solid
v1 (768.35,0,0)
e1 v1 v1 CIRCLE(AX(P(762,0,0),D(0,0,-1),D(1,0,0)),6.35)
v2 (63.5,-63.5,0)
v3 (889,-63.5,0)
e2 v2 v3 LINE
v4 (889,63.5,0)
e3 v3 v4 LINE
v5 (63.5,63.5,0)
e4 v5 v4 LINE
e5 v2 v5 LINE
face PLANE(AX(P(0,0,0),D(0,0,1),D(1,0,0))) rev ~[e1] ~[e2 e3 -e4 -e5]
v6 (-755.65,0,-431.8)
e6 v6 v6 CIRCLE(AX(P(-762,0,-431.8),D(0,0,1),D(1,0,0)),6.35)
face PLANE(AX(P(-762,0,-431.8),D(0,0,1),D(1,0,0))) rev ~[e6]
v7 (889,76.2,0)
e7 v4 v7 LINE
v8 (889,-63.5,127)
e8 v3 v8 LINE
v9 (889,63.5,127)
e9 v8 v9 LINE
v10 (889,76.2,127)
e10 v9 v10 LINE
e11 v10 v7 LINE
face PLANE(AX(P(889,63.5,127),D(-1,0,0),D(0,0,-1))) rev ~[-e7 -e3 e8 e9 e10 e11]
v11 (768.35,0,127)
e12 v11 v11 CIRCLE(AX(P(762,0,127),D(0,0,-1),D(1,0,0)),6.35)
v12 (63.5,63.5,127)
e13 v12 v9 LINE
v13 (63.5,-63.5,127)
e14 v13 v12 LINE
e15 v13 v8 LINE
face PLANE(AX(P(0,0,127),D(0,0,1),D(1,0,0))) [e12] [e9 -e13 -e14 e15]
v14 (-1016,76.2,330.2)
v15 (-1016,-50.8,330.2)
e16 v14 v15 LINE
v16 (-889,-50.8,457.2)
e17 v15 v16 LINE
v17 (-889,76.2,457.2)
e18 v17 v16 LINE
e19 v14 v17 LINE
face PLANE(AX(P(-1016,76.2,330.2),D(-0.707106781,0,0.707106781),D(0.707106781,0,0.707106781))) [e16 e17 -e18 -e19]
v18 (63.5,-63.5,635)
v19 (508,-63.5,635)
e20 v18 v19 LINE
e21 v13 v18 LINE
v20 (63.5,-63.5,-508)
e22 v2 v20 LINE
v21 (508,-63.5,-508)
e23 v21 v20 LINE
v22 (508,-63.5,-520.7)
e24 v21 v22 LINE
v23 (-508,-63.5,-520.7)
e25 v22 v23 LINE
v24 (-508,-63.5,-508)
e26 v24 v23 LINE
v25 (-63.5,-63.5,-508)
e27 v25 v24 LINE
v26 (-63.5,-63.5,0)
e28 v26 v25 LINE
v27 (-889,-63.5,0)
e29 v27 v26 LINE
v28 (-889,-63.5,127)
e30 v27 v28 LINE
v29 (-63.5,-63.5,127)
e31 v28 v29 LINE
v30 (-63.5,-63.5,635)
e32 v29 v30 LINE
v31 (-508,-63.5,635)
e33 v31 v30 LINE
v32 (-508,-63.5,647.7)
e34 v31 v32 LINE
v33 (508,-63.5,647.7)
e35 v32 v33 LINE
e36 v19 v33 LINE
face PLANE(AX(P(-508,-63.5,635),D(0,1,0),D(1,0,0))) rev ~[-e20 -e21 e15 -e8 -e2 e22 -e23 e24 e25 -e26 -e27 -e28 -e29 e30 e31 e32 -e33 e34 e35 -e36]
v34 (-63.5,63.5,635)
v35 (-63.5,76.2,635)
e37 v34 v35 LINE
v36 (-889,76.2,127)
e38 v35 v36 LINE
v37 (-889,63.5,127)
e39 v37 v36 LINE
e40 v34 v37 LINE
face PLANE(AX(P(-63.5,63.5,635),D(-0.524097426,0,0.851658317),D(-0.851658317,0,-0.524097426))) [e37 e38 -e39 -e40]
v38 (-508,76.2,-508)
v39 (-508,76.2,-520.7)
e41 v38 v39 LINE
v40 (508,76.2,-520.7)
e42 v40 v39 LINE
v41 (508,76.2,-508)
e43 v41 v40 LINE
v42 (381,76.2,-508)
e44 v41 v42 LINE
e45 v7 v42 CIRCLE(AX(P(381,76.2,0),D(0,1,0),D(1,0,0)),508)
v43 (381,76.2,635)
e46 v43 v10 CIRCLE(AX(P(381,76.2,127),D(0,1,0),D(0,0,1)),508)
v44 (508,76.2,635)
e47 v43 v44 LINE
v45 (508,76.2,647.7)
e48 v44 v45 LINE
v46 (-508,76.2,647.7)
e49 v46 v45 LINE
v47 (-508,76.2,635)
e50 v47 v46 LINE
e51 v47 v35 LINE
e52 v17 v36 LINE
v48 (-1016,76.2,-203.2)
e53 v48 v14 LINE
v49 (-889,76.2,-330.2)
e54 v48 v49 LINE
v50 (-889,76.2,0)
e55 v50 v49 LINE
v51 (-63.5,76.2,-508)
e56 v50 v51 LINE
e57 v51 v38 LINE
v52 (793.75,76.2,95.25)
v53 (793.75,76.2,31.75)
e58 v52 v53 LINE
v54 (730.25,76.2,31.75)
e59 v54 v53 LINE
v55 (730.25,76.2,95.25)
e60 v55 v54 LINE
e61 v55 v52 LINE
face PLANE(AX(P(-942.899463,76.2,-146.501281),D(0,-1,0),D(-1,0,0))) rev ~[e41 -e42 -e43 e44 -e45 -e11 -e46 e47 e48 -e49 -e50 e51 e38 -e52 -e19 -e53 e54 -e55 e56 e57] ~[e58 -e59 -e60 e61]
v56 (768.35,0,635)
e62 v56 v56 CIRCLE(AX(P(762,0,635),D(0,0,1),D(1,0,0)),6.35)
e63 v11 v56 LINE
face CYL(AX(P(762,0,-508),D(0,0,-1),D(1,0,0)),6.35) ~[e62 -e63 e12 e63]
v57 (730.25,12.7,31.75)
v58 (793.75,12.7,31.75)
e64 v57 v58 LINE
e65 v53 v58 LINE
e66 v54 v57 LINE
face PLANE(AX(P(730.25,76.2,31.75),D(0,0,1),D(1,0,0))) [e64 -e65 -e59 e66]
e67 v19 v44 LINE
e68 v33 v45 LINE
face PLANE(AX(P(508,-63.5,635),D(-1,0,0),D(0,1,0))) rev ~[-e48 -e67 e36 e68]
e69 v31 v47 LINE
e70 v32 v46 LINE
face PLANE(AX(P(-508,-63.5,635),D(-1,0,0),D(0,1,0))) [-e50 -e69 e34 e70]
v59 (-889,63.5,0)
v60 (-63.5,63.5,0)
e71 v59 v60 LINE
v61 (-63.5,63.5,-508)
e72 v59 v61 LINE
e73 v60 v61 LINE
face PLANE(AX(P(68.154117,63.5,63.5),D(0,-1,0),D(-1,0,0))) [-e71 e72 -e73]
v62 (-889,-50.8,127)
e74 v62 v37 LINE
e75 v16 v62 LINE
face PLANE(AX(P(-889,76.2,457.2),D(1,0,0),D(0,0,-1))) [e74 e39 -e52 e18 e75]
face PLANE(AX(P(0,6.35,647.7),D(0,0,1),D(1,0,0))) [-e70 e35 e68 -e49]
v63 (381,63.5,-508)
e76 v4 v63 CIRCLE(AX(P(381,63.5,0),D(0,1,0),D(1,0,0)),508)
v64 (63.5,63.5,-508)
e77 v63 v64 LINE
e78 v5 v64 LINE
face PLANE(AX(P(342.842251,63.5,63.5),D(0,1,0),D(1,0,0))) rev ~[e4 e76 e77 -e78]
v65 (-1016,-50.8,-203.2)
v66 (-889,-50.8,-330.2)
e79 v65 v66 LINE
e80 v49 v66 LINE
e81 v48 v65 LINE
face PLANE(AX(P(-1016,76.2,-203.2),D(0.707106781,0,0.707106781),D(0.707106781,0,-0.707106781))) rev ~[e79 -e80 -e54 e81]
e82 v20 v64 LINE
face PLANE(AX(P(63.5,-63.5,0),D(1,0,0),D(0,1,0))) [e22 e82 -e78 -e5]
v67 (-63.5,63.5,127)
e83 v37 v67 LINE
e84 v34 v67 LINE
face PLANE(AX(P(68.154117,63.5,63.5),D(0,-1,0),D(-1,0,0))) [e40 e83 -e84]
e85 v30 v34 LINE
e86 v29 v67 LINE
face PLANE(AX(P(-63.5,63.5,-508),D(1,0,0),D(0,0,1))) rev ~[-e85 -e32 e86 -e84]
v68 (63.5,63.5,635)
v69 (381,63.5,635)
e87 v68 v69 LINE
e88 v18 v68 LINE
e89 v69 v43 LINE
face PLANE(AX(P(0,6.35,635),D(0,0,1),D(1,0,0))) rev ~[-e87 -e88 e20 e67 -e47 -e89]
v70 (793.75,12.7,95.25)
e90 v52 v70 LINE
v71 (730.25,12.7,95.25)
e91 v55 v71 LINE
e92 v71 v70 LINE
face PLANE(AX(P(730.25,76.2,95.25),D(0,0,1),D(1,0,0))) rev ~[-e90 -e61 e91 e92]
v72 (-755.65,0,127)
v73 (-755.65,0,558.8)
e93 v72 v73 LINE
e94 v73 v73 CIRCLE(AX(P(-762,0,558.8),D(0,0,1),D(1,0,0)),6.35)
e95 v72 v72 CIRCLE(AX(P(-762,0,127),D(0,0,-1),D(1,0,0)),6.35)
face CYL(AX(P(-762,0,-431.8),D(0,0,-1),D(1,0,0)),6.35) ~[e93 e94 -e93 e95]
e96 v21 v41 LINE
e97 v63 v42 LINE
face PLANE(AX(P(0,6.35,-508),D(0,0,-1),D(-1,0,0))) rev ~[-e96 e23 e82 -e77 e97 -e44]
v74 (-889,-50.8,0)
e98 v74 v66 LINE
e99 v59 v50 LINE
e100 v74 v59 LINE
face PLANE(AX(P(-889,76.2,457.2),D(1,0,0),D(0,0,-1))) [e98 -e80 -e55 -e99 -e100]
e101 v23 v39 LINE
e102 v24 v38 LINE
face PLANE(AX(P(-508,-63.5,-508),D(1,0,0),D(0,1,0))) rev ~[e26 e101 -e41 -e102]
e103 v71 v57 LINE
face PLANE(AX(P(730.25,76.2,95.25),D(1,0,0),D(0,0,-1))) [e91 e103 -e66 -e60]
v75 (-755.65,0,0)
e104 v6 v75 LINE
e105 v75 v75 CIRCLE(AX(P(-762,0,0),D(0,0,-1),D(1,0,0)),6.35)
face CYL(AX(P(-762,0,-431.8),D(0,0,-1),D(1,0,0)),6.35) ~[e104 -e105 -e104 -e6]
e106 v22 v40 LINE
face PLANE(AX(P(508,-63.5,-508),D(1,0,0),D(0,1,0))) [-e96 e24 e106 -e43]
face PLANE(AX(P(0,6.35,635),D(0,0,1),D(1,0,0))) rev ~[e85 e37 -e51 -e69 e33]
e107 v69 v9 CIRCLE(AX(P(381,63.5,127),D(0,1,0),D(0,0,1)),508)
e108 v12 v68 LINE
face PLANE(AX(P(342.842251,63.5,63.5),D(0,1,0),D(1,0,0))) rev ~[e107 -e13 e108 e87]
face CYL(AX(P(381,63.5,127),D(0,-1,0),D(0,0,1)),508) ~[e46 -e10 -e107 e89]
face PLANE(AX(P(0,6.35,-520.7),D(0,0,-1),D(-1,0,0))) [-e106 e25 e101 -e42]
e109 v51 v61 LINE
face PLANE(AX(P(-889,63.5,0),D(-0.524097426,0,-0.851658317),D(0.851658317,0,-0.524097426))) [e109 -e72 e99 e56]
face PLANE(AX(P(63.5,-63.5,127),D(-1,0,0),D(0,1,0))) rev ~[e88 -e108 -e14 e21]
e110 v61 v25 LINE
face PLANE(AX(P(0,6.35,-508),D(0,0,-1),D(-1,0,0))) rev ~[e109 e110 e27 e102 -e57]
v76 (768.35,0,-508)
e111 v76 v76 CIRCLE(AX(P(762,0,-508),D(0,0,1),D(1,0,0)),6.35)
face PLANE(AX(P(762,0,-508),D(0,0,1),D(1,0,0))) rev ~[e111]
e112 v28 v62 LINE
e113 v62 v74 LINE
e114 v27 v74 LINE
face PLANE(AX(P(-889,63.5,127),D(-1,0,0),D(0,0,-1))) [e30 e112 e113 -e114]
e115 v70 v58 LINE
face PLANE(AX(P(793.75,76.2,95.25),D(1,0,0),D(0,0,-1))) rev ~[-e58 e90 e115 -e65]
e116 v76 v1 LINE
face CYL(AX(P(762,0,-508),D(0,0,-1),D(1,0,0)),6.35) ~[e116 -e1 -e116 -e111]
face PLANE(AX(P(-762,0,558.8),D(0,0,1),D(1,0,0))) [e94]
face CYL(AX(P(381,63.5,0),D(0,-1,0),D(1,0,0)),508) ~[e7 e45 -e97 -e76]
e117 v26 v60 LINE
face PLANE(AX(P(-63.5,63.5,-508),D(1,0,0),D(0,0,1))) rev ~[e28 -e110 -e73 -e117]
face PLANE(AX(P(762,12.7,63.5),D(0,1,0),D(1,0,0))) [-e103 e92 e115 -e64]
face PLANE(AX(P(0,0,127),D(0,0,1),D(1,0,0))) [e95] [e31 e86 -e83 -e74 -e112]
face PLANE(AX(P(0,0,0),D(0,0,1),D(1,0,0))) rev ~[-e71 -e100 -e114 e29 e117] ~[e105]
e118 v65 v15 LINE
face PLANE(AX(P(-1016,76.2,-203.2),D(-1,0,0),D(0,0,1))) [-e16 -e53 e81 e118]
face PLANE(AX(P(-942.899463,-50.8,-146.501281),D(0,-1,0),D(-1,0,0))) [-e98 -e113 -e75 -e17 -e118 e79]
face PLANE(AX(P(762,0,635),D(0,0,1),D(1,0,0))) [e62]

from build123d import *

# Parameters (mm, degrees)
SKETCH1_W                = 1778
SKETCH1_H                = 127
BOSS_EXTRUDE1_DEPTH      = 127
SKETCH2_W                = 127
SKETCH2_H                = 127
BOSS_EXTRUDE2_DEPTH      = 508
SKETCH3_W                = 127
SKETCH3_H                = 127
BOSS_EXTRUDE3_DEPTH      = 508
BOSS_EXTRUDE4_DEPTH      = 431.8
BOSS_EXTRUDE4_DEPTH_BACK = 558.8
SKETCH4_R                = 6.35
BOSS_EXTRUDE5_DEPTH      = 508
BOSS_EXTRUDE5_DEPTH_BACK = 635
SKETCH6_R                = 6.35
BOSS_EXTRUDE7_DEPTH      = 12.7
BOSS_EXTRUDE8_DEPTH      = 12.7
SKETCH11_W               = 1016
SKETCH11_H               = 139.7
BOSS_EXTRUDE9_DEPTH      = 12.7
SKETCH12_W               = 1016
SKETCH12_H               = 139.7
BOSS_EXTRUDE10_DEPTH     = 12.7
SKETCH13_W               = 127
SKETCH13_H               = 127
BOSS_EXTRUDE11_DEPTH     = 127
SKETCH15_W               = 63.5
SKETCH15_H               = 63.5
CUT_EXTRUDE1_DEPTH       = 63.5


with BuildPart() as part:
    # Sketch1 → Boss-Extrude1 (new body)
    with BuildSketch(Plane.XY):
        Rectangle(SKETCH1_W, SKETCH1_H)
    extrude(amount=BOSS_EXTRUDE1_DEPTH)

    # Sketch2 → Boss-Extrude2 (add)
    with BuildSketch(Plane.XY.offset(127)):
        Rectangle(SKETCH2_W, SKETCH2_H)
    extrude(amount=BOSS_EXTRUDE2_DEPTH)

    # Sketch3 → Boss-Extrude3 (add)
    with BuildSketch(Plane(origin=(0, 0, 0), x_dir=(-1, 0, 0), z_dir=(0, 0, -1))):
        Rectangle(SKETCH3_W, SKETCH3_H)
    extrude(amount=BOSS_EXTRUDE3_DEPTH)

    # Sketch4 → Boss-Extrude4 (add, two sides: drawn at the far end of the back side and taken through both)
    with BuildSketch(Plane.XY.offset(127).offset(-BOSS_EXTRUDE4_DEPTH_BACK)):
        with Locations((-762, 0)):
            Circle(SKETCH4_R)
    extrude(amount=BOSS_EXTRUDE4_DEPTH + BOSS_EXTRUDE4_DEPTH_BACK)

    # Sketch6 → Boss-Extrude5 (add, two sides: drawn at the far end of the back side and taken through both)
    with BuildSketch(Plane.XY.offset(127).offset(-BOSS_EXTRUDE5_DEPTH_BACK)):
        with Locations((762, 0)):
            Circle(SKETCH6_R)
    extrude(amount=BOSS_EXTRUDE5_DEPTH + BOSS_EXTRUDE5_DEPTH_BACK)

    # Sketch9 → Boss-Extrude7 (add)
    with BuildSketch(Plane(origin=(0, 63.5, 0), x_dir=(1, 0, 0), z_dir=(0, 1, 0))):
        with BuildLine():
            Line((-63.5, 508), (-63.5, -635))
            Line((-63.5, -635), (381, -635))
            ThreePointArc((381, -635), (740.210244843, -486.210244843), (889, -127))
            Line((889, -127), (889, 0))
            ThreePointArc((889, 0), (740.210244843, 359.210244843), (381, 508))
            Line((381, 508), (-63.5, 508))
        make_face()
    extrude(amount=BOSS_EXTRUDE7_DEPTH)

    # Sketch10 → Boss-Extrude8 (add)
    with BuildSketch(Plane(origin=(0, 63.5, 0), x_dir=(1, 0, 0), z_dir=(0, 1, 0))):
        with BuildLine():
            Line((-63.5, -635), (-889, -127))
            Line((-889, -127), (-889, 0))
            Line((-889, 0), (-63.5, 508))
            Line((-63.5, 508), (381, 508))
            ThreePointArc((381, 508), (740.210244843, 359.210244843), (889, 0))
            Line((889, 0), (889, -127))
            ThreePointArc((889, -127), (740.210244843, -486.210244843), (381, -635))
            Line((381, -635), (-63.5, -635))
        make_face()
    extrude(amount=BOSS_EXTRUDE8_DEPTH)

    # Sketch11 → Boss-Extrude9 (add)
    with BuildSketch(Plane(origin=(0, 0, -508), x_dir=(-1, 0, 0), z_dir=(0, 0, -1))):
        with Locations((0, 6.35)):
            Rectangle(SKETCH11_W, SKETCH11_H)
    extrude(amount=BOSS_EXTRUDE9_DEPTH)

    # Sketch12 → Boss-Extrude10 (add)
    with BuildSketch(Plane.XY.offset(635)):
        with Locations((0, 6.35)):
            Rectangle(SKETCH12_W, SKETCH12_H)
    extrude(amount=BOSS_EXTRUDE10_DEPTH)

    # Sketch13 → Boss-Extrude11 (add)
    with BuildSketch(Plane(origin=(0, 76.2, 0), x_dir=(1, 0, 0), z_dir=(0, 1, 0))):
        Polygon((-889, 330.2), (-889, 0), (-1016, 0), (-1016, 203.2), align=None)
        Polygon((-1016, -330.2), (-889, -457.2), (-889, -127), (-1016, -127), align=None)
        with Locations((-952.5, -63.5)):
            Rectangle(SKETCH13_W, SKETCH13_H)
    extrude(amount=-BOSS_EXTRUDE11_DEPTH)

    # Sketch15 → Cut-Extrude1 (cut)
    with BuildSketch(Plane(origin=(0, 76.2, 0), x_dir=(1, 0, 0), z_dir=(0, 1, 0))):
        with Locations((762, -63.5)):
            Rectangle(SKETCH15_W, SKETCH15_H)
    extrude(amount=-CUT_EXTRUDE1_DEPTH, mode=Mode.SUBTRACT)


solid = part.part
